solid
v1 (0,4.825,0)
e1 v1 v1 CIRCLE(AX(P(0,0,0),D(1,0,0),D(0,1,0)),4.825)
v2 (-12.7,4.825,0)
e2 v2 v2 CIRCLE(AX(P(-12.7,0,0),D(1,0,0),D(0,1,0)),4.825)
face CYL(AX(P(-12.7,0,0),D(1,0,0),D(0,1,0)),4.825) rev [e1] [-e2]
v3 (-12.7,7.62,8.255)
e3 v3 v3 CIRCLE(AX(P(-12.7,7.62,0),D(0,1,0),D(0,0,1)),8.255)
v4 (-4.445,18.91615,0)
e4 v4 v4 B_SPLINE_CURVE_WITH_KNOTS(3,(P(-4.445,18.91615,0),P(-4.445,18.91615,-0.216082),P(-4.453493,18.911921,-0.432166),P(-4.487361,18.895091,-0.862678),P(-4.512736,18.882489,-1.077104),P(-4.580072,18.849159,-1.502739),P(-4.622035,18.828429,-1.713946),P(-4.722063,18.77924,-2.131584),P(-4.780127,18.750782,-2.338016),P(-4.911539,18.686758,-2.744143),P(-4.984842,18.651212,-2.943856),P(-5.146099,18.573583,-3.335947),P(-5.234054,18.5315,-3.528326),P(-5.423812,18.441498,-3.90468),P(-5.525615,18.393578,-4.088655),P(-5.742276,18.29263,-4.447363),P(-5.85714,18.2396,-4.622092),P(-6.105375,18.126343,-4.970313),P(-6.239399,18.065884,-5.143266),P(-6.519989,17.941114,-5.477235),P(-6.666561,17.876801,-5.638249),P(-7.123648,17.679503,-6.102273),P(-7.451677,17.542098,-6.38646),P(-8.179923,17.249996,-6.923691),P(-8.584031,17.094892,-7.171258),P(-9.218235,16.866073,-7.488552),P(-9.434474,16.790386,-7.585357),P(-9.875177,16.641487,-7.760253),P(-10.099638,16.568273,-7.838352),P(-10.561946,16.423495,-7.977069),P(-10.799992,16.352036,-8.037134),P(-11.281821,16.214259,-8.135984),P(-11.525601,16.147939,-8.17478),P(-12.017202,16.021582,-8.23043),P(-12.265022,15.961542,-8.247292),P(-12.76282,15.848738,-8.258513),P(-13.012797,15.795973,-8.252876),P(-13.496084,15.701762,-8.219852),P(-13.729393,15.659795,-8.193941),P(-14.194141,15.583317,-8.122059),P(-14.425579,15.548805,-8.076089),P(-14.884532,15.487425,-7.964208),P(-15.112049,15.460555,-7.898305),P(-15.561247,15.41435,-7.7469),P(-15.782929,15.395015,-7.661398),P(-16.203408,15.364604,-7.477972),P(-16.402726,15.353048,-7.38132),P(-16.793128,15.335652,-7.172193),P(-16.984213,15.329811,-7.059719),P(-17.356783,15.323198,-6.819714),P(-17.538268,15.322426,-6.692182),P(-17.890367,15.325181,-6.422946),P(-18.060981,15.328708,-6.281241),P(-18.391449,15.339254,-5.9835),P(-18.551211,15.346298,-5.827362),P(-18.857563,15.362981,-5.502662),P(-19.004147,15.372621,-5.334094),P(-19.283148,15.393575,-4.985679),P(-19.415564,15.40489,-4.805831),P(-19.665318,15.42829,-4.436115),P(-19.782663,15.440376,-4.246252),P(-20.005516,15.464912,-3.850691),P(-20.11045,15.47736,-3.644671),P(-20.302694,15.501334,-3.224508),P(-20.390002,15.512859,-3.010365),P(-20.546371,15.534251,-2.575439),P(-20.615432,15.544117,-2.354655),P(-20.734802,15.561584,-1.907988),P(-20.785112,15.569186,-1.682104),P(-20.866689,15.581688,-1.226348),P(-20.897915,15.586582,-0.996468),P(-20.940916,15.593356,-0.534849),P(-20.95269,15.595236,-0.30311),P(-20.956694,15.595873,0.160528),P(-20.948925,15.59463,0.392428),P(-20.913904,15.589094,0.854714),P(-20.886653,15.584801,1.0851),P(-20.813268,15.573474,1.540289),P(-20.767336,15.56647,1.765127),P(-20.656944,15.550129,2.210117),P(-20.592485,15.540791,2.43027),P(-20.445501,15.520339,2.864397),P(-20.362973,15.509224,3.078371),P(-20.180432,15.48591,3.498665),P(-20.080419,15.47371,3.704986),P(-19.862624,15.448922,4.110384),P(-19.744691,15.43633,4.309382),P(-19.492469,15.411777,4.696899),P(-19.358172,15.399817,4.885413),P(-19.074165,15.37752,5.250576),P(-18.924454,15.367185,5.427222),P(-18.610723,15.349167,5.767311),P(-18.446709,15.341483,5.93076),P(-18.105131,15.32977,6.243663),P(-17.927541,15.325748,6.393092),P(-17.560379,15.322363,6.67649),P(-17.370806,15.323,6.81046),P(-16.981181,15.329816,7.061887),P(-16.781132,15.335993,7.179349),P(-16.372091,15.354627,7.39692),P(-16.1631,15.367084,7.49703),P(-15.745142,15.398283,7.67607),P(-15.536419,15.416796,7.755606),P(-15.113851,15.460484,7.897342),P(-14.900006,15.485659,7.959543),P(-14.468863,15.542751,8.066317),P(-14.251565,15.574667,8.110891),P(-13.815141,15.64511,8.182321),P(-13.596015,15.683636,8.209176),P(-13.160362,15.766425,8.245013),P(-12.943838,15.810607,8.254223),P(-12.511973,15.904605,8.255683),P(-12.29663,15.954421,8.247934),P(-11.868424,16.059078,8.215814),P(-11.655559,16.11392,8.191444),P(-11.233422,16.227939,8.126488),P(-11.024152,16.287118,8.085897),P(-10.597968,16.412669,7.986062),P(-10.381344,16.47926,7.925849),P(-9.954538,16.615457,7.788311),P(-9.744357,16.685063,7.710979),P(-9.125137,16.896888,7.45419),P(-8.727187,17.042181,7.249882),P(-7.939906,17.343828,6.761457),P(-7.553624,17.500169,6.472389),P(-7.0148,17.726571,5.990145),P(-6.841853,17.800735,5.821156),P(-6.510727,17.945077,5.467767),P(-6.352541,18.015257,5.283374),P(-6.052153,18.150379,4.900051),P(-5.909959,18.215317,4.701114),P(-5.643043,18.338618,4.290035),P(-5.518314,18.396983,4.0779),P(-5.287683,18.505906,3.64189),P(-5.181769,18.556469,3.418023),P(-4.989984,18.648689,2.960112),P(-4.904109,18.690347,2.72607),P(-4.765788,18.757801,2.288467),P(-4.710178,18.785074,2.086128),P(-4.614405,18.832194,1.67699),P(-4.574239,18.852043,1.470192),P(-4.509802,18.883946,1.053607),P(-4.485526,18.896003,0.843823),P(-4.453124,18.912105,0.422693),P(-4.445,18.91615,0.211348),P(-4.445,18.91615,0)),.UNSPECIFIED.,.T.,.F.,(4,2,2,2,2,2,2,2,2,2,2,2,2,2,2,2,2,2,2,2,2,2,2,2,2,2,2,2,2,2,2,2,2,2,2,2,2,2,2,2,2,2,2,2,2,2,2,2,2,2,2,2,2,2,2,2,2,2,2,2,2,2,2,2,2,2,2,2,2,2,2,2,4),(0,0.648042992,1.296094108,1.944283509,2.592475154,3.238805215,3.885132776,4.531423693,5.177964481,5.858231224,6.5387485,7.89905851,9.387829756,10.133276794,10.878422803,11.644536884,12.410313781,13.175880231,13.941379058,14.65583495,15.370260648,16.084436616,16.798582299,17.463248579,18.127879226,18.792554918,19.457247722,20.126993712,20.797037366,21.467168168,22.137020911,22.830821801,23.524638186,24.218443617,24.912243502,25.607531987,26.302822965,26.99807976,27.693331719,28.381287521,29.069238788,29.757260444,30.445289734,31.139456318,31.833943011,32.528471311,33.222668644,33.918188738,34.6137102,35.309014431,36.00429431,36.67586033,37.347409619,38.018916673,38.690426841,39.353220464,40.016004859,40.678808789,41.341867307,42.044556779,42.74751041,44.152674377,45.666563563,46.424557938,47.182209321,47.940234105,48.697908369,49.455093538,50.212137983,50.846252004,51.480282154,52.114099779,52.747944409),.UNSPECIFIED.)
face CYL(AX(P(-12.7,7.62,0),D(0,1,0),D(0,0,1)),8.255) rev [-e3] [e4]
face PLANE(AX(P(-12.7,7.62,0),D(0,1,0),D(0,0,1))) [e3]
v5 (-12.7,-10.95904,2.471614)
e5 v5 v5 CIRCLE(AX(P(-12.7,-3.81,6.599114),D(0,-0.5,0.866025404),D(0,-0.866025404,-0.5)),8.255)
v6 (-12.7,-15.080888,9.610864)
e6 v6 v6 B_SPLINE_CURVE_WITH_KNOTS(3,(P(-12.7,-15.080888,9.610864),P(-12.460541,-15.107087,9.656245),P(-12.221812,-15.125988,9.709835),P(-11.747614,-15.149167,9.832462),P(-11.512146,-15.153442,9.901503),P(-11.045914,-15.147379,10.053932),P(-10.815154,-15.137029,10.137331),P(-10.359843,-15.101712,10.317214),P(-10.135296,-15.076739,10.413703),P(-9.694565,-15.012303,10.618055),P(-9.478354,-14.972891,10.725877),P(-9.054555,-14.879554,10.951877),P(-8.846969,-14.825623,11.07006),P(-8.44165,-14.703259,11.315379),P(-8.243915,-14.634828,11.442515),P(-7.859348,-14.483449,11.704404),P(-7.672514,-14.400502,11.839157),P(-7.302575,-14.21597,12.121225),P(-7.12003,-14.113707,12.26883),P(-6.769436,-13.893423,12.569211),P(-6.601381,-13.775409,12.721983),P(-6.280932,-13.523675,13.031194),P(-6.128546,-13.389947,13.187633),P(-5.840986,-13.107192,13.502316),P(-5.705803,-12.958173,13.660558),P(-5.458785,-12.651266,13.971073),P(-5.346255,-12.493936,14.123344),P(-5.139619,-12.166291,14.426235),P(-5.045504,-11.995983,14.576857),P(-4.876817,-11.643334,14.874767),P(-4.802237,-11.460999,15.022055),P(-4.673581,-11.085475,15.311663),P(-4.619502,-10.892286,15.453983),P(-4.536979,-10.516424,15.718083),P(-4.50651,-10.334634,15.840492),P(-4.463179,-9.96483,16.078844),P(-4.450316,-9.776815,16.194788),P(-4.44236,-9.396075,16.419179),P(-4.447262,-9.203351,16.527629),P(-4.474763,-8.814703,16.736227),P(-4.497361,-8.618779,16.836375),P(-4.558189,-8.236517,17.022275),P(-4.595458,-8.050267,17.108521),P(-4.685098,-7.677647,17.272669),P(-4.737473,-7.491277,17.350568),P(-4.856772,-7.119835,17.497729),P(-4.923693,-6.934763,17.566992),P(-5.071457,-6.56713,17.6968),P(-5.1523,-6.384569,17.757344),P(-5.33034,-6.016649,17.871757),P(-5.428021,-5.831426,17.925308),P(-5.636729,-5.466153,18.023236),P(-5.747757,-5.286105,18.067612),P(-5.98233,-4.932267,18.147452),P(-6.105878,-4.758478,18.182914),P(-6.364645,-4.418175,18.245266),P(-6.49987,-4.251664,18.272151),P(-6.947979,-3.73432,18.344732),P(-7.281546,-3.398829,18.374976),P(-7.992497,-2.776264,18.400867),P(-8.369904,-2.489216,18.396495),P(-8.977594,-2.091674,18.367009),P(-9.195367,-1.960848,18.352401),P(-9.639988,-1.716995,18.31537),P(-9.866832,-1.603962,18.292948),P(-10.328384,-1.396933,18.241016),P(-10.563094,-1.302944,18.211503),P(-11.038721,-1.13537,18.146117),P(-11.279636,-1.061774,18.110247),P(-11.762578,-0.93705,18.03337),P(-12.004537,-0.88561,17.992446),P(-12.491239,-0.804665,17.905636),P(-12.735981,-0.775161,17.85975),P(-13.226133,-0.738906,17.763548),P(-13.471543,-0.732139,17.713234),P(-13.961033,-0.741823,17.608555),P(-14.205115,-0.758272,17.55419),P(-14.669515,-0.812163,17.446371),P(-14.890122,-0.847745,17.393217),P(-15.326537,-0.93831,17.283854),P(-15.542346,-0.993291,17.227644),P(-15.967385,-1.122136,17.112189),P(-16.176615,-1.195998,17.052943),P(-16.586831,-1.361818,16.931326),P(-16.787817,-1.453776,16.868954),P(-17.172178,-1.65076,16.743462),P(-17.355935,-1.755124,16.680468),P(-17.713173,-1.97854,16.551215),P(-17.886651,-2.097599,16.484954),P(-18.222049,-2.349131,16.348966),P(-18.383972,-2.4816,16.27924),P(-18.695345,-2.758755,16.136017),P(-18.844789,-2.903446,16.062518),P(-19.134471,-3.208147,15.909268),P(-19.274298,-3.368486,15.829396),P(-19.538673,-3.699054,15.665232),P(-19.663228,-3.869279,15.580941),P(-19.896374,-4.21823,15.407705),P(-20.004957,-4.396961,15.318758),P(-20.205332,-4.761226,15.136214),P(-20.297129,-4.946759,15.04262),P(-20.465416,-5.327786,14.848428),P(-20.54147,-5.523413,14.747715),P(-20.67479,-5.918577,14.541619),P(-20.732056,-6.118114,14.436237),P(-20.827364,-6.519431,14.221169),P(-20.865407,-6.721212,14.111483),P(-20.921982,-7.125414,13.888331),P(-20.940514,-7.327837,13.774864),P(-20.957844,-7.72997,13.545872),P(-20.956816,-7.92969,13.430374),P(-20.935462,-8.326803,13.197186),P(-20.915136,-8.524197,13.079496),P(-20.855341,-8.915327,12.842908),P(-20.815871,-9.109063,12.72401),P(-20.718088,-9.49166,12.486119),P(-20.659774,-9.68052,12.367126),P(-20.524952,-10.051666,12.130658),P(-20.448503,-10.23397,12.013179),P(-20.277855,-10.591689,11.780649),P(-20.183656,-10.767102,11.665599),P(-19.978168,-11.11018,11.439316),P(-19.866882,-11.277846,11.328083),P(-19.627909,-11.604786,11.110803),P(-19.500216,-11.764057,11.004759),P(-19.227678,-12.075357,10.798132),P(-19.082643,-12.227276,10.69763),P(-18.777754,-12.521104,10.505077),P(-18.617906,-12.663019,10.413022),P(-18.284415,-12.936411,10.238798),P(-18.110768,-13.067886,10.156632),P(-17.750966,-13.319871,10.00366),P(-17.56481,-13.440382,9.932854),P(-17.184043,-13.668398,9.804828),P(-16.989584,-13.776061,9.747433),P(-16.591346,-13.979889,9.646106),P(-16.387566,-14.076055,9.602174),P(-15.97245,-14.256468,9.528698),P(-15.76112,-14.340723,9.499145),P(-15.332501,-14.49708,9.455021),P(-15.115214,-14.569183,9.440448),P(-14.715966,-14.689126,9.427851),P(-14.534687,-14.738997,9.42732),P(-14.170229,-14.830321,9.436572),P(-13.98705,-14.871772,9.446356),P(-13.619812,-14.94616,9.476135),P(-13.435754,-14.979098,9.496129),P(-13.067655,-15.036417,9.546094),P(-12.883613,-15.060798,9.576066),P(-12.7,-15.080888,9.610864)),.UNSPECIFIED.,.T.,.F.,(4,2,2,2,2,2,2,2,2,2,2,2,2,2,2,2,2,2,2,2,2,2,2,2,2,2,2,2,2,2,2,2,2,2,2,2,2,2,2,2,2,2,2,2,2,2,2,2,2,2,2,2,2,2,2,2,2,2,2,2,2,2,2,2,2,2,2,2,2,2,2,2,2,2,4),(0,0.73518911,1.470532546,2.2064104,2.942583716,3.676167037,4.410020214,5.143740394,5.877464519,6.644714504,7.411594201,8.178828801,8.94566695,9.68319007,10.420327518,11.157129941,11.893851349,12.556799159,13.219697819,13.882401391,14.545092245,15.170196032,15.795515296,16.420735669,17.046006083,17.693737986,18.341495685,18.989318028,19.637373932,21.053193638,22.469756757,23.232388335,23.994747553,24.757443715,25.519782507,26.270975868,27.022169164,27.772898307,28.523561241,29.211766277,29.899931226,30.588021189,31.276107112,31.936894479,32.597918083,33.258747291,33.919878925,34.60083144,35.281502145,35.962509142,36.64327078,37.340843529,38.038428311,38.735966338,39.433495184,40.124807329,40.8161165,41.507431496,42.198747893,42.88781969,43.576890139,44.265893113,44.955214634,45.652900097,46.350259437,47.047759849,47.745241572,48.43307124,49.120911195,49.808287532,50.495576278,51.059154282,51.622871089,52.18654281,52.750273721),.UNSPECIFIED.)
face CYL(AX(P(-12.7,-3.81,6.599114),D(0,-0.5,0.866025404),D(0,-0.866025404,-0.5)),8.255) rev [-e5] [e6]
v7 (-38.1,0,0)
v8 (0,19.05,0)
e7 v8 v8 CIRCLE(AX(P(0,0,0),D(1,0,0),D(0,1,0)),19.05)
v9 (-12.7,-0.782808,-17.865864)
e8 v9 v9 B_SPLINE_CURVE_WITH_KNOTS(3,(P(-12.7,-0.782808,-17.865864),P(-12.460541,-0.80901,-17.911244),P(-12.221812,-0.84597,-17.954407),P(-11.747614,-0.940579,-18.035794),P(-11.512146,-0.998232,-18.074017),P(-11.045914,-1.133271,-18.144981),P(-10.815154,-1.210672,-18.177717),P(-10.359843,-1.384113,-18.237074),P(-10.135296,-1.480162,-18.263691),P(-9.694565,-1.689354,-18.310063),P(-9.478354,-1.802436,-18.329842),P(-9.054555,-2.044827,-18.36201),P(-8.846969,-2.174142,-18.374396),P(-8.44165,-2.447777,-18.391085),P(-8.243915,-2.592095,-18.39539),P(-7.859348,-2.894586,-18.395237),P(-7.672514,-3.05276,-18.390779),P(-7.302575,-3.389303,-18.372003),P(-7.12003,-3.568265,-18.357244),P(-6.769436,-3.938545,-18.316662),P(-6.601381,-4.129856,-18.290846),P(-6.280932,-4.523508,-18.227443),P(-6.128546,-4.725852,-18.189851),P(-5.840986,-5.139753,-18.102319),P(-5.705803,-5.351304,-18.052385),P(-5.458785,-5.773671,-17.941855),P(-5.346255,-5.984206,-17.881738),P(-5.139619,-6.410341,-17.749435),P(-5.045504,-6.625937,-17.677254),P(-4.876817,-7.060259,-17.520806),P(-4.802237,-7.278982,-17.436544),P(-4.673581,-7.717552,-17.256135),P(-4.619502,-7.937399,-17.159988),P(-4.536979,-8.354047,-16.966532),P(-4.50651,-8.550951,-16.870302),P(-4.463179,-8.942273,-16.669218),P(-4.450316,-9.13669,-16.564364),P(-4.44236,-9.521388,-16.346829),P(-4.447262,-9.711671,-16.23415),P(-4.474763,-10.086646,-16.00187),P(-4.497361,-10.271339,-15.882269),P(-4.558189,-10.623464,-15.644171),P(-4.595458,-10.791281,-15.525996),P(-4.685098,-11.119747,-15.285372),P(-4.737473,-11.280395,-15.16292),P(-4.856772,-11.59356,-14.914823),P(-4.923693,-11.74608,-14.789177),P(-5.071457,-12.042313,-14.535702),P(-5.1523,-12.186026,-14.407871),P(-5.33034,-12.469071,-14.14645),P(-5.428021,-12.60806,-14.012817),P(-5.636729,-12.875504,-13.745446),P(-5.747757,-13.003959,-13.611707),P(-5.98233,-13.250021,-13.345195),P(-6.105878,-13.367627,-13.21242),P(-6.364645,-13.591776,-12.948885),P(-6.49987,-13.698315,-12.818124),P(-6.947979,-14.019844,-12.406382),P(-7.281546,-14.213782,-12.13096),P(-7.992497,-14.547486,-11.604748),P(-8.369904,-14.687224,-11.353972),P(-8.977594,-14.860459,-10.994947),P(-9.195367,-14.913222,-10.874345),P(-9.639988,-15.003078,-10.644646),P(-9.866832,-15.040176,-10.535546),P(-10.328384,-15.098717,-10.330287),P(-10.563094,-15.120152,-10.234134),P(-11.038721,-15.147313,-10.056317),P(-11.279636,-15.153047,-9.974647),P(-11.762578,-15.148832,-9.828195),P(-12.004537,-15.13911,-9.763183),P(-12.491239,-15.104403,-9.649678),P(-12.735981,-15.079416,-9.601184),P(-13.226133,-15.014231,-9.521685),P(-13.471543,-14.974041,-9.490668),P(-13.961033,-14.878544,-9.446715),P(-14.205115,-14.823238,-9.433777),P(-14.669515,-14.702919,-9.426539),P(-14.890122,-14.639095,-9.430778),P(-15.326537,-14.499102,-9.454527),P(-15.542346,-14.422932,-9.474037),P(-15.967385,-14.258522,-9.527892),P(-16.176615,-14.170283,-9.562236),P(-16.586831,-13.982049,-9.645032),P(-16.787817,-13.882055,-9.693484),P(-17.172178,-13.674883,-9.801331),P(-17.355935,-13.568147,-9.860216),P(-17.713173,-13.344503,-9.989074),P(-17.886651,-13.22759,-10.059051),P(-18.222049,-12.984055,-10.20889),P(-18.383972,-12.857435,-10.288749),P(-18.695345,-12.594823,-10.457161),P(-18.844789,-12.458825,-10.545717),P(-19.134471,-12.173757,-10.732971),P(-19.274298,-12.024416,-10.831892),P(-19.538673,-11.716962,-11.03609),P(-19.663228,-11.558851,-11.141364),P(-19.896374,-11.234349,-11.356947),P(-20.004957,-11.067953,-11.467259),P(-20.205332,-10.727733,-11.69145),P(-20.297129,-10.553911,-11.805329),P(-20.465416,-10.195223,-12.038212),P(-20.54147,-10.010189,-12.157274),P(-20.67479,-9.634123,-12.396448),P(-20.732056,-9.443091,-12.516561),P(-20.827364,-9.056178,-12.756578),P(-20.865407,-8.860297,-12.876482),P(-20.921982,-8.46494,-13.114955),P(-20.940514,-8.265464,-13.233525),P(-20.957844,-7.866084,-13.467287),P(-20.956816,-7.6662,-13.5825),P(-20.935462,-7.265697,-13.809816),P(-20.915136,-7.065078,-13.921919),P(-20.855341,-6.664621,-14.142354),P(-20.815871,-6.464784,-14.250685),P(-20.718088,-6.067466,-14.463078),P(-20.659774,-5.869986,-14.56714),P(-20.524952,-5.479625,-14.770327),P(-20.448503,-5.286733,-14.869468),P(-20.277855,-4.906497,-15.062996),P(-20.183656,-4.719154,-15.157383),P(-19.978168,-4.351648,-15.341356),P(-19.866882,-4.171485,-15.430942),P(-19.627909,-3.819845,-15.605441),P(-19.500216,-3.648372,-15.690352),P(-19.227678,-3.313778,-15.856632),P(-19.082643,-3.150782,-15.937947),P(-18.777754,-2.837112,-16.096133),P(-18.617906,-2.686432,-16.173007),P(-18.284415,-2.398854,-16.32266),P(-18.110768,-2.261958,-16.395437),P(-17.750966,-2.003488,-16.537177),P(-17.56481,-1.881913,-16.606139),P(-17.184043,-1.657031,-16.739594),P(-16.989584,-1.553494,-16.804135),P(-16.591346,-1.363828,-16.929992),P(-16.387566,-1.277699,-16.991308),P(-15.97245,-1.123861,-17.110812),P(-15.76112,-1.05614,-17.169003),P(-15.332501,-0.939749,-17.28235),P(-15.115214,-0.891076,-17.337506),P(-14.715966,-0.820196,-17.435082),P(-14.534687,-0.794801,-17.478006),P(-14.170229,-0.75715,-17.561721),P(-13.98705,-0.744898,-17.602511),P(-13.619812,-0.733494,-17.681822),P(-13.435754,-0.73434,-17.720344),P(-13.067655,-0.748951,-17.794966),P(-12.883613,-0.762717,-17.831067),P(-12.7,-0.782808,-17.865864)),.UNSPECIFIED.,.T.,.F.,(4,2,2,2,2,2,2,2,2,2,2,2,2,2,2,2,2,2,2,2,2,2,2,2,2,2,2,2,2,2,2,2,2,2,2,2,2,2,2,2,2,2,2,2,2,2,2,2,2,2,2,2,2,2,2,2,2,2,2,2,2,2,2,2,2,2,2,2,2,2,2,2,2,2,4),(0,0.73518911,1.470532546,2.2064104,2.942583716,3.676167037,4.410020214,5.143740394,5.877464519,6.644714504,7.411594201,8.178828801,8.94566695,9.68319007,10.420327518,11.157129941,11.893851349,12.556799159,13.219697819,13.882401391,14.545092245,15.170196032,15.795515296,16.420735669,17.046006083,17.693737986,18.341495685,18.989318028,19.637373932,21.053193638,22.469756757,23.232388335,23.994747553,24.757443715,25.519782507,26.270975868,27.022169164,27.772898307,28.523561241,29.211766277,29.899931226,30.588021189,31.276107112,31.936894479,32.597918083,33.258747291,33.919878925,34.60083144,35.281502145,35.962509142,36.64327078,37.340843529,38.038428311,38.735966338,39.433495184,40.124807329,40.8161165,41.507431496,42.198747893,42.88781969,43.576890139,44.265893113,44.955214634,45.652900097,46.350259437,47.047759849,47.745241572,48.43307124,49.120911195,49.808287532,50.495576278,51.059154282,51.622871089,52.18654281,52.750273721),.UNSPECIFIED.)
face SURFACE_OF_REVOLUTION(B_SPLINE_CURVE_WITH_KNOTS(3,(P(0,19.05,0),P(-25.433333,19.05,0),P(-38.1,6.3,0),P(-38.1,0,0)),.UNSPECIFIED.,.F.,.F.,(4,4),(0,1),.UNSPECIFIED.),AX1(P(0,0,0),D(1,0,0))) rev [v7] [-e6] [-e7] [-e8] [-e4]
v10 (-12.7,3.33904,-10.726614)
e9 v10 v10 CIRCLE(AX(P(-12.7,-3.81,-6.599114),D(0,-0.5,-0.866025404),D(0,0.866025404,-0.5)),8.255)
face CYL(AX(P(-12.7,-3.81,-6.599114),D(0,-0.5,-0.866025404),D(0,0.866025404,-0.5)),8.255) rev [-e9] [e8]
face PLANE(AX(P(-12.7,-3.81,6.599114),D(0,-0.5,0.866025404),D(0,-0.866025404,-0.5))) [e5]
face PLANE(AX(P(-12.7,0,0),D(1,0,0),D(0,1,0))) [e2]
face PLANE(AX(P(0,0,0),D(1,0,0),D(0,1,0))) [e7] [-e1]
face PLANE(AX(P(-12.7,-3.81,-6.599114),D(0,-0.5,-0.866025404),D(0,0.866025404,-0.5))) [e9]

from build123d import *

# Parameters (mm, degrees)
SKETCH5_R          = 8.255
CUT_EXTRUDE1_DEPTH = 11.43
CIRPATTERN1_COUNT  = 3
SKETCH6_R          = 4.825
CUT_EXTRUDE2_DEPTH = 12.7


with BuildPart() as part:
    # Sketch4 → Revolve1 (revolve)
    with BuildSketch(Plane.XY):
        with BuildLine():
            Line((0, 0), (-38.1, 0))
            add(Edge.make_bspline(
                [(0, 19.05), (-25.433333333, 19.05), (-38.1, 6.3), (-38.1, 0)],
                knots=[0, 0, 0, 0, 1, 1, 1, 1], degree=3))
            Line((0, 19.05), (0, 0))
        make_face()
    revolve(axis=Axis((0, 0, 0), (-1, 0, 0)))

    # Sketch5 → Cut-Extrude1 (cut)
    with BuildSketch(Plane(origin=(0, 19.05, 0), x_dir=(1, 0, 0), z_dir=(0, 1, 0))):
        with Locations(Location((-12.7, 0, 0), (0, 0, 270))):
            Circle(SKETCH5_R)
    cut_extrude1 = extrude(amount=-CUT_EXTRUDE1_DEPTH, mode=Mode.SUBTRACT)

    # CirPattern1: Cut-Extrude1 ×3 about axis
    cirpattern1_axis = Axis((0, 0, 0), (1, 0, 0))
    for i in range(1, CIRPATTERN1_COUNT):
        add(cut_extrude1.rotate(cirpattern1_axis, i * 360 / CIRPATTERN1_COUNT), mode=Mode.SUBTRACT)

    # Sketch6 → Cut-Extrude2 (cut)
    with BuildSketch(Plane(origin=(0, 0, 0), x_dir=(0, 0, -1), z_dir=(1, 0, 0))):
        with Locations(Location((0, 0, 0), (0, 0, 90))):
            Circle(SKETCH6_R)
    extrude(amount=-CUT_EXTRUDE2_DEPTH, mode=Mode.SUBTRACT)


solid = part.part
